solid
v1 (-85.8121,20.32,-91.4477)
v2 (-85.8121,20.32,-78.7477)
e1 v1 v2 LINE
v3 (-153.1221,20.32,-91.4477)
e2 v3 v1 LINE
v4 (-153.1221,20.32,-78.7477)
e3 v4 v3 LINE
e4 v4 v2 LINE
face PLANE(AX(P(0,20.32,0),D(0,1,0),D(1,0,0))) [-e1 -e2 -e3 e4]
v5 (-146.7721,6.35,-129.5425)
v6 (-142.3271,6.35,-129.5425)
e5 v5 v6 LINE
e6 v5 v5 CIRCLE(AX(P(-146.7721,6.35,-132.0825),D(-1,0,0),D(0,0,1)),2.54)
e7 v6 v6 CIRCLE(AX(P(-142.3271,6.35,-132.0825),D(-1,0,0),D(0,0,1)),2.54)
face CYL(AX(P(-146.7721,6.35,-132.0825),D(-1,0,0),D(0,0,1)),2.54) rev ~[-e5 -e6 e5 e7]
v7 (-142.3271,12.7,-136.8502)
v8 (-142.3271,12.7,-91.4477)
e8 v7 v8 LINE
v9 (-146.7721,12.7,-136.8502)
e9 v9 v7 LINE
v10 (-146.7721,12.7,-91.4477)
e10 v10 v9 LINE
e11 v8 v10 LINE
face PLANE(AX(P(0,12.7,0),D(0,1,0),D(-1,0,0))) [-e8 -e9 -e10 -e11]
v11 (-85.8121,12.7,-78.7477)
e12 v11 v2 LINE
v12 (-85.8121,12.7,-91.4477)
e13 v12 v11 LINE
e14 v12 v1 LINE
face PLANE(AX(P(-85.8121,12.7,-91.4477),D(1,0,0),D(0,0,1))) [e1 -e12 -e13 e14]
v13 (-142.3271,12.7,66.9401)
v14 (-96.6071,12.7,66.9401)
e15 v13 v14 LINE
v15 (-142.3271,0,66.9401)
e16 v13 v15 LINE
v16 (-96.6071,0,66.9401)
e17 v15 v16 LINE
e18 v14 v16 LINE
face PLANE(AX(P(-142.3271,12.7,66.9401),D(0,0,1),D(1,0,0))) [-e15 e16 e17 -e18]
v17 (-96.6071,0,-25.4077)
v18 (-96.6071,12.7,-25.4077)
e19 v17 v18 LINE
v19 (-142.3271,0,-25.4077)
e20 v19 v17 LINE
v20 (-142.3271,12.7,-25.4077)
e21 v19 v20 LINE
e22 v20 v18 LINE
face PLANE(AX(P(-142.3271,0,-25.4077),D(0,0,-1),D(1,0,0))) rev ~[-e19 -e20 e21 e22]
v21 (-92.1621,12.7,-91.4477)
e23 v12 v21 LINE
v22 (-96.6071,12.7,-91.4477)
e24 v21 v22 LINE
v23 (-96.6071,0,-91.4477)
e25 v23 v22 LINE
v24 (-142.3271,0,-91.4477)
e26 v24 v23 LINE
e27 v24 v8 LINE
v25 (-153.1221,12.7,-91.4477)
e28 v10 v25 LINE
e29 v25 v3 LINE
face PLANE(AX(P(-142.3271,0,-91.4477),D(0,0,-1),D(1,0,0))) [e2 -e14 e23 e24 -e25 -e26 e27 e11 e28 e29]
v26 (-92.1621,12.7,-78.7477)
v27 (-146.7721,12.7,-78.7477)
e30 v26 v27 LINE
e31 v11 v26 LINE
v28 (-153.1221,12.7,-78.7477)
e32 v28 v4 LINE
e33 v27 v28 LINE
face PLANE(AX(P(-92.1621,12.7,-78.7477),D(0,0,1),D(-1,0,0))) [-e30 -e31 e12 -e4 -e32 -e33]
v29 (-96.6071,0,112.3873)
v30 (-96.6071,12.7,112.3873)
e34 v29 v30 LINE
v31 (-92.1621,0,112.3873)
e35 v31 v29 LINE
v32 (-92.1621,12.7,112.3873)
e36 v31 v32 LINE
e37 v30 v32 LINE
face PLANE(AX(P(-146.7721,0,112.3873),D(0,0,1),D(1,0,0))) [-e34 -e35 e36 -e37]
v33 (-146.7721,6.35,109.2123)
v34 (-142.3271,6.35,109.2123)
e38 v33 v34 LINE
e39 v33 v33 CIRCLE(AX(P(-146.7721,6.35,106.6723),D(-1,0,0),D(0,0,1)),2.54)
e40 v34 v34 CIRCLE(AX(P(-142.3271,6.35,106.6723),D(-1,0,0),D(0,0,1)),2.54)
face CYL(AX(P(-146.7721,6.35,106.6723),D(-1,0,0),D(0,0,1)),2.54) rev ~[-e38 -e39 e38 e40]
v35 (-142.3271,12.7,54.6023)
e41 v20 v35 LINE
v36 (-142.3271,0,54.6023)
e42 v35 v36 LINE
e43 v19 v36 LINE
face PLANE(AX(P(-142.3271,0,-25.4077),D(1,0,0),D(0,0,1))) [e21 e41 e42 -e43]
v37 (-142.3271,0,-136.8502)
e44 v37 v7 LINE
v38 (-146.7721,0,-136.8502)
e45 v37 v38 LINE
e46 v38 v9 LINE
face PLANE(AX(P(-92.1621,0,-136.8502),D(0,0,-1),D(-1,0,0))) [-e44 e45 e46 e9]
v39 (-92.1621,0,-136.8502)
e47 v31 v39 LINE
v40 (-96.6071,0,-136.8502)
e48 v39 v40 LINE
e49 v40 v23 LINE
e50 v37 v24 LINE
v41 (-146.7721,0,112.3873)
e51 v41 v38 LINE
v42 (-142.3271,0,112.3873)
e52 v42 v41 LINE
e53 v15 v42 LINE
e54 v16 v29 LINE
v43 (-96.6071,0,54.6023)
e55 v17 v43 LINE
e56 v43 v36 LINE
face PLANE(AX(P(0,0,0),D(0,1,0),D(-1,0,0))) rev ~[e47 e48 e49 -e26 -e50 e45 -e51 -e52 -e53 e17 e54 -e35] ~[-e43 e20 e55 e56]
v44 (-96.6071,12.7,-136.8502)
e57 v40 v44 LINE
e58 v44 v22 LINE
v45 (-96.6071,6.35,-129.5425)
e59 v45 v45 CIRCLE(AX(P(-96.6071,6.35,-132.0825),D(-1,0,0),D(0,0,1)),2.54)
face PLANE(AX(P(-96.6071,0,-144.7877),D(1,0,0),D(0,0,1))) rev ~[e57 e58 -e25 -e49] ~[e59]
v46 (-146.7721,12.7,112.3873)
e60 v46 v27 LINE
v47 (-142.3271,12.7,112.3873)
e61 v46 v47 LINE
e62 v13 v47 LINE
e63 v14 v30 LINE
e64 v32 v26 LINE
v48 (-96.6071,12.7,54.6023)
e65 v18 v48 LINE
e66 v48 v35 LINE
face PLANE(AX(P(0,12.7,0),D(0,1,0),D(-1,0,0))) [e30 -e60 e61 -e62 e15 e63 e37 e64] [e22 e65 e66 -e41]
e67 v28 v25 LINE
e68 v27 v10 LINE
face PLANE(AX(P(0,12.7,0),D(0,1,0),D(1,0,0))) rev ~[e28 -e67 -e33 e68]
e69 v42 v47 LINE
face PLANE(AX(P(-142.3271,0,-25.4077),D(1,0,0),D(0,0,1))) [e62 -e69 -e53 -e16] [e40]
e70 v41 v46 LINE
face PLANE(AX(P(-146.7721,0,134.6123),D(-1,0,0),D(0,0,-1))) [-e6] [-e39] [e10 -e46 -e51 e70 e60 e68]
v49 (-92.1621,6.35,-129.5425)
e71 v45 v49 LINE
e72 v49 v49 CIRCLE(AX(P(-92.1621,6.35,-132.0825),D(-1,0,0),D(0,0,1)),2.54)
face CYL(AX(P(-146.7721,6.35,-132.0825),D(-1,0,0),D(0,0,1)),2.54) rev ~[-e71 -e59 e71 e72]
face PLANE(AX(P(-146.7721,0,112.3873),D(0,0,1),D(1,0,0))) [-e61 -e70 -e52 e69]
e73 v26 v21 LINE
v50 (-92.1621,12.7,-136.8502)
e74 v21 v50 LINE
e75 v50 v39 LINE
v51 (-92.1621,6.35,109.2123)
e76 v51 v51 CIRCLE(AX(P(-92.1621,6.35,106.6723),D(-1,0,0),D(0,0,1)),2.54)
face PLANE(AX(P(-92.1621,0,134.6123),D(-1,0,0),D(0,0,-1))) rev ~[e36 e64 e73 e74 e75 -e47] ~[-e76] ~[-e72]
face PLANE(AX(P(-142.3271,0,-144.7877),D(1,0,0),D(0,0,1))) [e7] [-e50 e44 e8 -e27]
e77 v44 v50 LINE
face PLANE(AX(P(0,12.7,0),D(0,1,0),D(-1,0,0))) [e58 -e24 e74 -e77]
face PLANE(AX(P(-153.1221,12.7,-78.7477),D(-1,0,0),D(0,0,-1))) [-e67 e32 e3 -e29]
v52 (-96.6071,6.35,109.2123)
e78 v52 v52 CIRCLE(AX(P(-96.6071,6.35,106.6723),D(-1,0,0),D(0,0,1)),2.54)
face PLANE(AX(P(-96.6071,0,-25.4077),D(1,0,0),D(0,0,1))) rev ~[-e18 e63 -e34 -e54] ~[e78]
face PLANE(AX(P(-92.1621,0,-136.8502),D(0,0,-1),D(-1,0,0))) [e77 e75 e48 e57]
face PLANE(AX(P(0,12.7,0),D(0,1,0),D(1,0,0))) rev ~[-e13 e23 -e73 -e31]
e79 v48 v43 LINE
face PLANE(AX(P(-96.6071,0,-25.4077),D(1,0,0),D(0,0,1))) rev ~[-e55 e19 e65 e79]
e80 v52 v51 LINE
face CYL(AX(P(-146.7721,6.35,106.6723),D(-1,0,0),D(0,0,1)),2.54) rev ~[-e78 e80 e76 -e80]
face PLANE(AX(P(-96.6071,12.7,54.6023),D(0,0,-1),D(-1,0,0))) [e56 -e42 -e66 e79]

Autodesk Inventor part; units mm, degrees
ref_plane "YZ Plane" through (0, 0, 0) normal (1, 0, 0) x (0, 1, 0)
ref_plane "XZ Plane" through (0, 0, 0) normal (0, 1, 0) x (-1, 0, 0)
ref_plane "XY Plane" through (0, 0, 0) normal (0, 0, 1) x (1, 0, 0)
sketch "Sketch1" plane through (0, 0, 0) normal (0, 1, 0) x (-1, 0, 0)
  line L0 (146.7721, -144.7877) -> (142.3271, -144.7877)
  line L1 (142.3271, -144.7877) -> (142.3271, 134.6123)
  line L2 (142.3271, 134.6123) -> (146.7721, 134.6123)
  line L3 (146.7721, 134.6123) -> (146.7721, -144.7877)
  line L4 (96.6071, -144.7877) -> (96.6071, 134.6123)
  line L5 (96.6071, 134.6123) -> (92.1621, 134.6123)
  line L6 (92.1621, 134.6123) -> (92.1621, -144.7877)
  line L7 (92.1621, -144.7877) -> (96.6071, -144.7877)
  line L8 (142.3271, -91.4477) -> (96.6071, -91.4477)
  line L9 (142.3271, -25.4077) -> (96.6071, -25.4077)
  point P0 (0, 0)
  dimension "d0" = 4.445
  dimension "d1" = 279.4
  dimension "d2" = 4.445
  dimension "d3" = 45.72
  dimension "d4" = 66.04
  dimension "d5" = 53.34
extrude "Extrusion1" add sketch "Sketch1" along normal blind 12.7
sketch "Sketch2" plane through (0, 12.7, 0) normal (0, 1, 0) x (1, 0, 0)
  line L0 (-142.3271, 91.4477) -> (-142.3271, 144.7877) projected
  line L1 (-142.3271, 91.4477) -> (-146.7721, 91.4477)
  line L2 (-146.7721, 144.7877) -> (-146.7721, -134.6123) projected
  line L3 (-153.1221, 91.4477) -> (-146.7721, 91.4477)
  line L4 (-96.6071, 91.4477) -> (-142.3271, 91.4477) projected
  line L5 (-96.6071, 91.4477) -> (-92.1621, 91.4477)
  line L6 (-92.1621, -134.6123) -> (-92.1621, 144.7877) projected
  line L7 (-92.1621, 91.4477) -> (-85.8121, 91.4477)
  line L8 (-85.8121, 91.4477) -> (-85.8121, 78.7477)
  line L9 (-85.8121, 78.7477) -> (-153.1221, 78.7477)
  line L10 (-153.1221, 78.7477) -> (-153.1221, 91.4477)
  point P0 (0, 0)
  dimension "d8" = 6.35
  dimension "d9" = 6.35
  dimension "d10" = 12.7
extrude "Extrusion2" add sketch "Sketch2" along normal blind 7.62
sketch "Sketch3" plane through (-146.7721, 0, -144.7877) normal (-1, 0, 0) x (0, 0, 1)
  line L0 (279.4, 0) -> (279.4, 12.7) projected
  circle A0 centre (251.46, 6.35) radius 2.54
  point P0 (144.7877, 0)
  dimension "d15" = 5.08
extrude "Extrusion3" cut sketch "Sketch3" against normal blind 25400
sketch "Sketch4" plane through (-146.7721, 0, -144.7877) normal (-1, 0, 0) x (0, 0, 1)
  line L0 (0, 0) -> (0, 12.7) projected
  circle A0 centre (12.7052, 6.35) radius 2.54
  point P0 (144.7877, 0)
  dimension "d19" = 5.08
extrude "Extrusion4" cut sketch "Sketch4" against normal blind 25400
sketch "Sketch5" plane through (0, 12.7, 0) normal (0, 1, 0) x (1, 0, 0)
  line L0 (-146.7721, 144.7877) -> (-146.7721, -134.6123) projected
  line L1 (-142.3271, -134.6123) -> (-142.3271, 25.4077) projected
  line L2 (-142.3271, -66.9401) -> (-96.6071, -66.9401)
  line L3 (-96.6071, 25.4077) -> (-96.6071, -134.6123) projected
  line L4 (-96.6071, -54.6023) -> (-142.3271, -54.6023)
  line L5 (-142.3271, -54.6023) -> (-142.3271, -66.9401)
  point P0 (0, 0)
extrude "Extrusion5" add sketch "Sketch5" against normal blind 12.7
sketch "Sketch6" plane through (-146.7721, 0, 134.6123) normal (0, 0, 1) x (1, 0, 0)
  line L0 (0, 12.7) -> (4.445, 12.7) projected
  line L1 (4.445, 0) -> (4.445, 12.7) projected
  line L2 (0, 12.7) -> (4.445, 12.7)
  line L3 (4.445, 12.7) -> (4.445, 0)
  line L4 (4.445, 0) -> (0, 0)
  line L5 (0, 0) -> (0, 12.7)
  line L6 (50.165, 0) -> (50.165, 12.7) projected
  line L7 (54.61, 0) -> (54.61, 12.7) projected
  line L8 (50.165, 12.7) -> (54.61, 12.7)
  line L9 (54.61, 12.7) -> (54.61, 0)
  line L10 (54.61, 0) -> (50.165, 0)
  line L11 (50.165, 0) -> (50.165, 12.7)
  point P0 (146.7721, 0)
extrude "Extrusion6" cut sketch "Sketch6" against normal blind 22.225
sketch "Sketch7" plane through (-92.1621, 0, -144.7877) normal (0, 0, -1) x (-1, 0, 0)
  line L0 (50.165, 0) -> (50.165, 12.7) projected
  line L1 (54.61, 12.7) -> (50.165, 12.7)
  line L2 (50.165, 12.7) -> (50.165, 0)
  line L3 (50.165, 0) -> (54.61, 0)
  line L4 (54.61, 0) -> (54.61, 12.7)
  line L5 (4.445, 0) -> (4.445, 12.7) projected
  line L6 (0, 0) -> (4.445, 0) projected
  line L7 (4.445, 12.7) -> (0, 12.7)
  line L8 (0, 12.7) -> (0, 0)
  line L9 (0, 0) -> (4.445, 0)
  line L10 (4.445, 0) -> (4.445, 12.7)
  point P0 (-92.1621, 0)
extrude "Extrusion7" cut sketch "Sketch7" against normal blind 7.9375
properties part number "Mousetrap Car"
